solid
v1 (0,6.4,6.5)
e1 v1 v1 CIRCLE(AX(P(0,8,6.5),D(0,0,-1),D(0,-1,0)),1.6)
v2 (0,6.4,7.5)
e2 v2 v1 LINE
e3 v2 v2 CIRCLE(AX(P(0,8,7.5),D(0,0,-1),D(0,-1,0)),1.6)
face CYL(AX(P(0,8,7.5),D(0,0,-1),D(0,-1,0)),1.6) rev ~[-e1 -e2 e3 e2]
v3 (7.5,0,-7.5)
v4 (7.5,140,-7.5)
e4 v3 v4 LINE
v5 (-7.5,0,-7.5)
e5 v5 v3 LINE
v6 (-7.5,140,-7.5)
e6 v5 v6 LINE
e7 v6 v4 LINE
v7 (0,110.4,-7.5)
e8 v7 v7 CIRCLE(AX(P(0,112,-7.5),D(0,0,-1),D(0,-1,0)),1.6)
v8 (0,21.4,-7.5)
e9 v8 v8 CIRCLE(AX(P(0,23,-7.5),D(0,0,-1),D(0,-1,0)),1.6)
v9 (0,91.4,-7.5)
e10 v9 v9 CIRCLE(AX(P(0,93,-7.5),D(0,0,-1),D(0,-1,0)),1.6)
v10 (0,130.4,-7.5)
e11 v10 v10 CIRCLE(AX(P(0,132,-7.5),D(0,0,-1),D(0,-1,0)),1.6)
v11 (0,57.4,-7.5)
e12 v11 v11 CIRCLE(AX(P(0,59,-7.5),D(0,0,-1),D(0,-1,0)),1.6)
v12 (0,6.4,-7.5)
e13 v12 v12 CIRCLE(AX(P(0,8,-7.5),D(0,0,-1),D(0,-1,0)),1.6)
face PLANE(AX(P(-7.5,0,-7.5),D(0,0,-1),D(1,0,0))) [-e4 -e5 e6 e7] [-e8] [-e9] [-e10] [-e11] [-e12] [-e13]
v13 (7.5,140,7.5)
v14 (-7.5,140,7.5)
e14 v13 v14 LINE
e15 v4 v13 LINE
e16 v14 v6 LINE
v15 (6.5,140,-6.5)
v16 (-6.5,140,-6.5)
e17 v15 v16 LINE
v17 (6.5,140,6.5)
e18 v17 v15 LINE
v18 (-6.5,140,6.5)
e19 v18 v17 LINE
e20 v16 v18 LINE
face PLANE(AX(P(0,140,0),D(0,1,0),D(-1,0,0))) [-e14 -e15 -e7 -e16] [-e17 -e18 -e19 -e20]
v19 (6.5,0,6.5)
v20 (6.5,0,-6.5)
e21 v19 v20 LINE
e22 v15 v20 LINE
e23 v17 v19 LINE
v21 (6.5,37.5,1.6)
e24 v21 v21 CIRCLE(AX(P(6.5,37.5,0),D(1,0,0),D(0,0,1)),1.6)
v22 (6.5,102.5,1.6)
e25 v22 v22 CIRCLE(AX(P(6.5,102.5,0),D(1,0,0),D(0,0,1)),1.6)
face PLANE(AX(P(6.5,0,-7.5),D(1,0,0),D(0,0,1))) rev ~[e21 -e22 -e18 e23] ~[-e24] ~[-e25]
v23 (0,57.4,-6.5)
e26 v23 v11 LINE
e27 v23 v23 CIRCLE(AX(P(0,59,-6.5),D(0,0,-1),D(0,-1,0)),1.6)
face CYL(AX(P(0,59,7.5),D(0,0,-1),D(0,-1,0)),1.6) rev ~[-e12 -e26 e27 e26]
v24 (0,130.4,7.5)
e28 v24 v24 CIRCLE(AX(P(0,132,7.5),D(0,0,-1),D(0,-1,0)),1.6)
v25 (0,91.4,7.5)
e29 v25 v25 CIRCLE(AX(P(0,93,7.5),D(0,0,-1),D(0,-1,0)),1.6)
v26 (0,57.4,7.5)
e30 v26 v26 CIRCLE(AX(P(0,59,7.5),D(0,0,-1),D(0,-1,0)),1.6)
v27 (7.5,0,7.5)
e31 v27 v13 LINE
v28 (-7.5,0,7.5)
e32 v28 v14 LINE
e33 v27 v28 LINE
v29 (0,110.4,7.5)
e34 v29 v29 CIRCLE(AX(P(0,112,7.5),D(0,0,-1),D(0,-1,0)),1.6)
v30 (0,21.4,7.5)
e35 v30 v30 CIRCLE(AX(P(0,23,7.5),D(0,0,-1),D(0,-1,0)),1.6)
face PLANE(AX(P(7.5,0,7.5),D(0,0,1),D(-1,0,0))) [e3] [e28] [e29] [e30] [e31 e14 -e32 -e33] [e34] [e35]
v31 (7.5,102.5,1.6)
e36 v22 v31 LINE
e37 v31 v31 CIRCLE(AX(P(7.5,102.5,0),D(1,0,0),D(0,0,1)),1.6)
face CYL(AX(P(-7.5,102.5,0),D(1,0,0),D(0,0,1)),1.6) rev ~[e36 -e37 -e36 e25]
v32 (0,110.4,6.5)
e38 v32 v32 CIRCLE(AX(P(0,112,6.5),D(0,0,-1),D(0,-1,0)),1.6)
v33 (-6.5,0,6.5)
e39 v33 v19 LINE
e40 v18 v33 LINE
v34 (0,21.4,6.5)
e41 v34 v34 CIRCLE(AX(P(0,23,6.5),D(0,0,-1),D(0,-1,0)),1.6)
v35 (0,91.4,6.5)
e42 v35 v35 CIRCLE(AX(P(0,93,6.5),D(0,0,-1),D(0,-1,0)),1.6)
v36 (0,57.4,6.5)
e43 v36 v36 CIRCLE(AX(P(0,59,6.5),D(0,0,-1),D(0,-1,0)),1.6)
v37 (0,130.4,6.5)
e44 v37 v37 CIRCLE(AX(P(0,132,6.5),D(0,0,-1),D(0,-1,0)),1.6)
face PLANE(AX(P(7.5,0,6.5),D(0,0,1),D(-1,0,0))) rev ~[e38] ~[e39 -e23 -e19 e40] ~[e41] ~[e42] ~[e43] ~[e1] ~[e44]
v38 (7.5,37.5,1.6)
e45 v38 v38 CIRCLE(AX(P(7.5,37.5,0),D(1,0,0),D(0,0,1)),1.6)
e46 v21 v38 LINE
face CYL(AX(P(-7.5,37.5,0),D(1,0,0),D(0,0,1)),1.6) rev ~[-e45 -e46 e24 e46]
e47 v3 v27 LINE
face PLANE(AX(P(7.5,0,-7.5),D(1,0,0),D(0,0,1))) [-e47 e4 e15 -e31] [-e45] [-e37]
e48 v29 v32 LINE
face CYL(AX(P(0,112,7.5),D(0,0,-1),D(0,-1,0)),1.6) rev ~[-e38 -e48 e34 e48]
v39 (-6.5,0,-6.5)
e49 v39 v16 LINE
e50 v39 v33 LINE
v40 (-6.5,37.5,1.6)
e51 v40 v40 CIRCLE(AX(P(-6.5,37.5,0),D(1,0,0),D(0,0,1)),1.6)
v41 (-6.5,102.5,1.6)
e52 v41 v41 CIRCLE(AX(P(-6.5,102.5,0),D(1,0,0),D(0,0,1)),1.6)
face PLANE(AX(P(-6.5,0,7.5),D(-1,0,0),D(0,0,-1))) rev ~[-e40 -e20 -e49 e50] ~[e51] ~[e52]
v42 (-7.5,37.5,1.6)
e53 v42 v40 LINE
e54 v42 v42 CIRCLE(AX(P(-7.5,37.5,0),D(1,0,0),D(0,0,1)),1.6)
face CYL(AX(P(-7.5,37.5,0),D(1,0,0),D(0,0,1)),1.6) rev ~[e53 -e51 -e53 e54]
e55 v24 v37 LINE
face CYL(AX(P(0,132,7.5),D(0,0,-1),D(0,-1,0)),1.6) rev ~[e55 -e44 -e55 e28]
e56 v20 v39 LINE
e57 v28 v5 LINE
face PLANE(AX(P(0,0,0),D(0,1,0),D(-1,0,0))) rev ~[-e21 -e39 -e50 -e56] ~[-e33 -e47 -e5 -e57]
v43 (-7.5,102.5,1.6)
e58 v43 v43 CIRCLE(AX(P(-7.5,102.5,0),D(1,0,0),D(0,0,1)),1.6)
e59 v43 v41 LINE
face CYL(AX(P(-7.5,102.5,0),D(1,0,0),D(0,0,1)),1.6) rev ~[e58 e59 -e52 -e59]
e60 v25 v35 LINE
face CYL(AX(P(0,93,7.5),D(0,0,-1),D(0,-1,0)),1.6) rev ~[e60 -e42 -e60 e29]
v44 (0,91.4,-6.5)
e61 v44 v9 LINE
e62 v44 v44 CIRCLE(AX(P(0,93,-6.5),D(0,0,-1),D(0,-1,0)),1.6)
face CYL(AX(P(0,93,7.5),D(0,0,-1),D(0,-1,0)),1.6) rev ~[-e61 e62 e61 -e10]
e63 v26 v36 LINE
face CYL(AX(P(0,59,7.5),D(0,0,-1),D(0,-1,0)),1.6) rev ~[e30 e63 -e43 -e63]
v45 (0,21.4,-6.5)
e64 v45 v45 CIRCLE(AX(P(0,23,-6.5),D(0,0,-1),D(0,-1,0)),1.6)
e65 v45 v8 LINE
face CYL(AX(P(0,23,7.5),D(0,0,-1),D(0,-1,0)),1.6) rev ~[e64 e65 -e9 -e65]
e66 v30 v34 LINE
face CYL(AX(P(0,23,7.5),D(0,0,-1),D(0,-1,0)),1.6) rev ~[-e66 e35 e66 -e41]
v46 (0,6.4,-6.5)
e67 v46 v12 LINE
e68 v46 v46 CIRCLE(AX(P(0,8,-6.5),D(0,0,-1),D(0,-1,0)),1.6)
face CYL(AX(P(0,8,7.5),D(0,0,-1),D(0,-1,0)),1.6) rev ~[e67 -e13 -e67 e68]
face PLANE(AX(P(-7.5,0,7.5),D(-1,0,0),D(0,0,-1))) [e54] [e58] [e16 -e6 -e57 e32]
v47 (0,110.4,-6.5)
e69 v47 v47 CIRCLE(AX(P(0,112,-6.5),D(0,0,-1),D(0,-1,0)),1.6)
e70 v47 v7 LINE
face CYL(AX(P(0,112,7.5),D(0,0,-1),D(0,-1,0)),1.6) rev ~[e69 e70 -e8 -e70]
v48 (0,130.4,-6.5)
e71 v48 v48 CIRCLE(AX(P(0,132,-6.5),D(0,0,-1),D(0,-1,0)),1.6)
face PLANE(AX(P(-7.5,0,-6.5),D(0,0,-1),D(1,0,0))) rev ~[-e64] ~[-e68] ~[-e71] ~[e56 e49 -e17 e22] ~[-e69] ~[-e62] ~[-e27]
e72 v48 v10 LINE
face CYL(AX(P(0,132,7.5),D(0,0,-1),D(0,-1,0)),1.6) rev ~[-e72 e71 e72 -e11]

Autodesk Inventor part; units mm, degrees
ref_plane "YZ Plane" through (0, 0, 0) normal (1, 0, 0) x (0, 1, 0)
ref_plane "XZ Plane" through (0, 0, 0) normal (0, 1, 0) x (-1, 0, 0)
ref_plane "XY Plane" through (0, 0, 0) normal (0, 0, 1) x (1, 0, 0)
sketch "スケッチ1" plane through (0, 0, 0) normal (0, 1, 0) x (-1, 0, 0)
  line L0 (7.5, -7.5) -> (-7.5, -7.5)
  line L1 (-7.5, -7.5) -> (-7.5, 7.5)
  line L2 (-7.5, 7.5) -> (7.5, 7.5)
  line L3 (7.5, 7.5) -> (7.5, -7.5)
  line L4 (7.5, -7.5) -> (-7.5, 7.5) construction
  line L5 (-7.5, -7.5) -> (7.5, 7.5) construction
  point P0 (0, 0)
  dimension "d0" = 15
  dimension "d1" = 15
extrude "押し出し1" add sketch "スケッチ1" along normal blind 140
shell "シェル1" thickness 1 removed faces 2 at (-2.5, 0, -2.5) at (-2.5, 140, -2.5)
sketch "スケッチ2" plane through (-7.5, 0, 7.5) normal (0, 0, 1) x (1, 0, 0)
  line L0 (15, 0) -> (0, 0) projected
  line L1 (0, 140) -> (15, 140) projected
  point P0 (7.5, 0)
  point P1 (7.5, 8)
  point P2 (7.5, 23)
  point P3 (7.5, 0)
  point P4 (7.5, 132)
  point P5 (7.5, 112)
  point P6 (7.5, 140)
  dimension "d5" = 8
  dimension "d6" = 15
  dimension "d14" = 8
  dimension "d15" = 20
hole "穴1" at (0, 8, 7.5) at (0, 23, 7.5) at (0, 132, 7.5) at (0, 112, 7.5) direction (0, 0, -1) diameter 3.2 end through all
sketch "スケッチ3" plane through (-7.5, 0, -7.5) normal (-1, 0, 0) x (0, 0, 1)
  line L0 (15, 0) -> (0, 0) projected
  point P0 (7.5, 0)
  point P1 (7.5, 37.5)
  point P2 (7.5, 102.5)
  point P3 (7.5, 0)
  point P4 (7.5, 0)
  dimension "d16" = 37.5
  dimension "d17" = 65
hole "穴2" at (-7.5, 37.5, 0) at (-7.5, 102.5, 0) direction (1, 0, 0) diameter 3.2 end through all
sketch "スケッチ4" plane through (-7.5, 0, 7.5) normal (0, 0, 1) x (1, 0, 0)
  circle A0 centre (94.8138, 137.4022) radius 1.6
  circle A1 centre (-2.6682, 183.8917) radius 1.6
  circle A2 centre (99.3065, 100.3608) radius 1.6
  circle A3 centre (1.8246, 146.8503) radius 1.6
  circle A4 centre (7.5, 112) radius 1.2295
  circle A5 centre (7.5, 132) radius 1.2295
  line L0 (112.2687, 136.8332) -> (109.5609, 138.1246)
  arc A6 (110.4218, 139.9298) -> (109.5609, 138.1246) centre (109.9914, 139.0272) ccw
  line L1 (110.4218, 139.9298) -> (112.1436, 143.5402)
  arc A7 (113.8704, 143.6762) -> (112.1436, 143.5402) centre (113.0463, 143.1098) ccw
  arc A8 (114.8515, 142.2489) -> (113.8704, 143.6762) centre (113.9489, 142.6793) ccw
  line L2 (114.8515, 142.2489) -> (113.1296, 138.6384)
  arc A9 (112.2687, 136.8332) -> (113.1296, 138.6384) centre (112.6992, 137.7358) ccw
  line L3 (120.017, 153.0802) -> (118.2951, 149.4697)
  arc A10 (116.5684, 149.3337) -> (118.2951, 149.4697) centre (117.3925, 149.9002) ccw
  arc A11 (115.5873, 150.7611) -> (116.5684, 149.3337) centre (116.4899, 150.3307) ccw
  line L4 (115.5873, 150.7611) -> (117.3091, 154.3716)
  arc A12 (118.1701, 156.1768) -> (117.3091, 154.3716) centre (117.7396, 155.2742) ccw
  line L5 (118.1701, 156.1768) -> (120.8779, 154.8854)
  arc A13 (120.017, 153.0802) -> (120.8779, 154.8854) centre (120.4474, 153.9828) ccw
  line L6 (106.2423, 124.1966) -> (103.5345, 125.488)
  arc A14 (104.3954, 127.2932) -> (103.5345, 125.488) centre (103.9649, 126.3906) ccw
  line L7 (104.3954, 127.2932) -> (106.1172, 130.9037)
  arc A15 (107.8439, 131.0397) -> (106.1172, 130.9037) centre (107.0198, 130.4732) ccw
  arc A16 (108.8251, 129.6123) -> (107.8439, 131.0397) centre (107.9225, 130.0428) ccw
  line L8 (108.8251, 129.6123) -> (107.1032, 126.0019)
  arc A17 (106.2423, 124.1966) -> (107.1032, 126.0019) centre (106.6728, 125.0992) ccw
  circle A18 centre (51.5477, 186.0658) radius 1.6
  circle A19 centre (60.463, 120.5473) radius 1.5
  circle A20 centre (40.987, 157.5329) radius 1.5
  circle A21 centre (30.2256, 134.9676) radius 1.5
  circle A22 centre (71.2245, 143.1126) radius 1.5
  circle A23 centre (72.3508, 176.2555) radius 1.25
  circle A24 centre (94.0134, 165.9245) radius 1.25
  arc A25 (80.796, 100.4622) -> (79.0196, 101.3811) centre (79.9078, 100.9217) ccw
  line L9 (80.796, 100.4622) -> (75.2827, 89.8038)
  arc A26 (73.5063, 90.7226) -> (75.2827, 89.8038) centre (74.3945, 90.2632) ccw
  line L10 (73.5063, 90.7226) -> (64.6242, 95.3171)
  arc A27 (62.8478, 96.2359) -> (64.6242, 95.3171) centre (63.736, 95.7765) ccw
  line L11 (62.8478, 96.2359) -> (68.3611, 106.8944)
  arc A28 (70.1375, 105.9755) -> (68.3611, 106.8944) centre (69.2493, 106.435) ccw
  line L12 (70.1375, 105.9755) -> (79.0196, 101.3811)
  circle A29 centre (28.7854, 103.2592) radius 1.5
  circle A30 centre (67.6869, 90.3552) radius 1.5
  circle A31 centre (75.9568, 106.343) radius 1.5
  circle A32 centre (31.7101, 121.02) radius 1.5
  line L13 (38.1296, 116.9224) -> (36.1798, 105.0819)
  arc A33 (34.2064, 105.4069) -> (36.1798, 105.0819) centre (35.1931, 105.2444) ccw
  line L14 (34.2064, 105.4069) -> (24.3393, 107.0317)
  arc A34 (22.3659, 107.3567) -> (24.3393, 107.0317) centre (23.3526, 107.1942) ccw
  line L15 (22.3659, 107.3567) -> (24.3157, 119.1972)
  arc A35 (26.2891, 118.8723) -> (24.3157, 119.1972) centre (25.3024, 119.0347) ccw
  line L16 (26.2891, 118.8723) -> (36.1562, 117.2474)
  arc A36 (38.1296, 116.9224) -> (36.1562, 117.2474) centre (37.1429, 117.0849) ccw
  circle A37 centre (-0.9114, 173.6368) radius 1.6
  circle A38 centre (91.1549, 129.73) radius 1.6
  arc A39 (89.211, 114.0386) -> (91.0163, 113.1777) centre (90.1137, 113.6081) ccw
  line L17 (89.211, 114.0386) -> (80.1849, 118.3432)
  arc A40 (78.3797, 119.2041) -> (80.1849, 118.3432) centre (79.2823, 118.7736) ccw
  line L18 (78.3797, 119.2041) -> (83.5452, 130.0354)
  arc A41 (85.3504, 129.1745) -> (83.5452, 130.0354) centre (84.4478, 129.605) ccw
  line L19 (85.3504, 129.1745) -> (94.3765, 124.8699)
  arc A42 (96.1818, 124.009) -> (94.3765, 124.8699) centre (95.2792, 124.4395) ccw
  line L20 (96.1818, 124.009) -> (91.0163, 113.1777)
  arc A43 (-6.7159, 173.0812) -> (-8.5211, 173.9421) centre (-7.6185, 173.5117) ccw
  line L21 (-6.7159, 173.0812) -> (2.3103, 168.7766)
  arc A44 (4.1155, 167.9157) -> (2.3103, 168.7766) centre (3.2129, 168.3462) ccw
  line L22 (4.1155, 167.9157) -> (-1.05, 157.0844)
  arc A45 (-2.8552, 157.9453) -> (-1.05, 157.0844) centre (-1.9526, 157.5148) ccw
  line L23 (-2.8552, 157.9453) -> (-11.8813, 162.2499)
  arc A46 (-13.6866, 163.1108) -> (-11.8813, 162.2499) centre (-12.784, 162.6803) ccw
  line L24 (-13.6866, 163.1108) -> (-8.5211, 173.9421)
  circle A47 centre (83.4066, 113.4831) radius 1.6
  circle A48 centre (-8.6597, 157.3898) radius 1.6
  circle A49 centre (9.0871, 193.022) radius 1.25
  circle A50 centre (11.8045, 158.4877) radius 1.25
  circle A51 centre (40.3533, 178.1082) radius 1.25
  circle A52 centre (60.4103, 159.3488) radius 1.2295
  circle A53 centre (78.2541, 161.9181) radius 1.2295
  circle A54 centre (51.1757, 174.8318) radius 1.2295
  arc A55 (-2.9, 96) -> (-6, 96) centre (-4.45, 96) ccw
  line L25 (-2.9, 96) -> (-2.9, 90)
  arc A56 (-6, 90) -> (-2.9, 90) centre (-4.45, 90) ccw
  line L26 (-6, 90) -> (-6, 96)
  circle A57 centre (49.5584, 72.8565) radius 1.6
  circle A58 centre (7.5, 59) radius 1.25
  circle A59 centre (7.5, 93) radius 1.25
  arc A60 (-2.9, 62) -> (-6, 62) centre (-4.45, 62) ccw
  line L27 (-2.9, 62) -> (-2.9, 56)
  arc A61 (-6, 56) -> (-2.9, 56) centre (-4.45, 56) ccw
  line L28 (-6, 56) -> (-6, 62)
  arc A62 (0, 103) -> (0, 106) centre (0, 104.5) ccw
  line L29 (-9, 103) -> (0, 103)
  line L30 (-9, 83) -> (-9, 103)
  line L31 (0, 83) -> (-9, 83)
  arc A63 (0, 80) -> (0, 83) centre (0, 81.5) ccw
  line L32 (0, 80) -> (0, 72)
  arc A64 (0, 69) -> (0, 72) centre (0, 70.5) ccw
  line L33 (-9, 69) -> (0, 69)
  line L34 (-9, 49) -> (-9, 69)
  line L35 (0, 49) -> (-9, 49)
  arc A65 (0, 46) -> (0, 49) centre (0, 47.5) ccw
  line L36 (0, 46) -> (0, 42)
  arc A66 (0, 42) -> (1.4237, 42.3594) centre (0, 45) ccw
  line L37 (1.4237, 42.3594) -> (101.4896, 96.3119)
  arc A67 (101.4896, 96.3119) -> (103.6033, 98.7183) centre (99.3065, 100.3608) ccw
  line L38 (124.1837, 152.5545) -> (103.6033, 98.7183)
  arc A68 (124.1837, 152.5545) -> (122.1359, 157.6089) centre (120.4474, 153.9828) ccw
  line L39 (53.2362, 189.6919) -> (122.1359, 157.6089)
  arc A69 (53.2362, 189.6919) -> (48.9495, 189.107) centre (51.5477, 186.0658) ccw
  line L40 (38.5483, 180.221) -> (48.9495, 189.107)
  arc A70 (38.5483, 180.221) -> (37.5746, 178.1426) centre (40.3533, 178.1082) ccw
  arc A71 (35.9884, 171.3281) -> (37.5746, 178.1426) centre (21.2759, 178.3445) ccw
  line L41 (35.9884, 171.3281) -> (35.1275, 169.5229)
  arc A72 (5.7024, 183.5558) -> (35.1275, 169.5229) centre (20.415, 176.5393) ccw
  line L42 (5.7024, 183.5558) -> (6.5633, 185.361)
  arc A73 (10.8623, 190.8844) -> (6.5633, 185.361) centre (21.2759, 178.3445) ccw
  arc A74 (10.8623, 190.8844) -> (7.898, 195.5334) centre (9.0871, 193.022) ccw
  line L43 (-5.2359, 189.3145) -> (7.898, 195.5334)
  arc A75 (-5.2359, 189.3145) -> (-8.284, 186.0042) centre (-2.6682, 183.8917) ccw
  line L44 (-16.5278, 164.0887) -> (-8.284, 186.0042)
  arc A76 (-16.5278, 164.0887) -> (-16.5876, 161.4424) centre (-12.784, 162.6803) ccw
  line L45 (-16.5876, 161.4424) -> (-0.1473, 110.9284)
  arc A77 (0, 110) -> (-0.1473, 110.9284) centre (-3, 110) ccw
  line L46 (0, 110) -> (0, 106)
  point P0 (7.5, 0)
hole "穴3" at (0, 59, 7.5) at (0, 93, 7.5) direction (0, 0, -1) diameter 3.2 end through all
properties part number "PitchSquarePipe2" material "アルミニウム 5005-H12"
